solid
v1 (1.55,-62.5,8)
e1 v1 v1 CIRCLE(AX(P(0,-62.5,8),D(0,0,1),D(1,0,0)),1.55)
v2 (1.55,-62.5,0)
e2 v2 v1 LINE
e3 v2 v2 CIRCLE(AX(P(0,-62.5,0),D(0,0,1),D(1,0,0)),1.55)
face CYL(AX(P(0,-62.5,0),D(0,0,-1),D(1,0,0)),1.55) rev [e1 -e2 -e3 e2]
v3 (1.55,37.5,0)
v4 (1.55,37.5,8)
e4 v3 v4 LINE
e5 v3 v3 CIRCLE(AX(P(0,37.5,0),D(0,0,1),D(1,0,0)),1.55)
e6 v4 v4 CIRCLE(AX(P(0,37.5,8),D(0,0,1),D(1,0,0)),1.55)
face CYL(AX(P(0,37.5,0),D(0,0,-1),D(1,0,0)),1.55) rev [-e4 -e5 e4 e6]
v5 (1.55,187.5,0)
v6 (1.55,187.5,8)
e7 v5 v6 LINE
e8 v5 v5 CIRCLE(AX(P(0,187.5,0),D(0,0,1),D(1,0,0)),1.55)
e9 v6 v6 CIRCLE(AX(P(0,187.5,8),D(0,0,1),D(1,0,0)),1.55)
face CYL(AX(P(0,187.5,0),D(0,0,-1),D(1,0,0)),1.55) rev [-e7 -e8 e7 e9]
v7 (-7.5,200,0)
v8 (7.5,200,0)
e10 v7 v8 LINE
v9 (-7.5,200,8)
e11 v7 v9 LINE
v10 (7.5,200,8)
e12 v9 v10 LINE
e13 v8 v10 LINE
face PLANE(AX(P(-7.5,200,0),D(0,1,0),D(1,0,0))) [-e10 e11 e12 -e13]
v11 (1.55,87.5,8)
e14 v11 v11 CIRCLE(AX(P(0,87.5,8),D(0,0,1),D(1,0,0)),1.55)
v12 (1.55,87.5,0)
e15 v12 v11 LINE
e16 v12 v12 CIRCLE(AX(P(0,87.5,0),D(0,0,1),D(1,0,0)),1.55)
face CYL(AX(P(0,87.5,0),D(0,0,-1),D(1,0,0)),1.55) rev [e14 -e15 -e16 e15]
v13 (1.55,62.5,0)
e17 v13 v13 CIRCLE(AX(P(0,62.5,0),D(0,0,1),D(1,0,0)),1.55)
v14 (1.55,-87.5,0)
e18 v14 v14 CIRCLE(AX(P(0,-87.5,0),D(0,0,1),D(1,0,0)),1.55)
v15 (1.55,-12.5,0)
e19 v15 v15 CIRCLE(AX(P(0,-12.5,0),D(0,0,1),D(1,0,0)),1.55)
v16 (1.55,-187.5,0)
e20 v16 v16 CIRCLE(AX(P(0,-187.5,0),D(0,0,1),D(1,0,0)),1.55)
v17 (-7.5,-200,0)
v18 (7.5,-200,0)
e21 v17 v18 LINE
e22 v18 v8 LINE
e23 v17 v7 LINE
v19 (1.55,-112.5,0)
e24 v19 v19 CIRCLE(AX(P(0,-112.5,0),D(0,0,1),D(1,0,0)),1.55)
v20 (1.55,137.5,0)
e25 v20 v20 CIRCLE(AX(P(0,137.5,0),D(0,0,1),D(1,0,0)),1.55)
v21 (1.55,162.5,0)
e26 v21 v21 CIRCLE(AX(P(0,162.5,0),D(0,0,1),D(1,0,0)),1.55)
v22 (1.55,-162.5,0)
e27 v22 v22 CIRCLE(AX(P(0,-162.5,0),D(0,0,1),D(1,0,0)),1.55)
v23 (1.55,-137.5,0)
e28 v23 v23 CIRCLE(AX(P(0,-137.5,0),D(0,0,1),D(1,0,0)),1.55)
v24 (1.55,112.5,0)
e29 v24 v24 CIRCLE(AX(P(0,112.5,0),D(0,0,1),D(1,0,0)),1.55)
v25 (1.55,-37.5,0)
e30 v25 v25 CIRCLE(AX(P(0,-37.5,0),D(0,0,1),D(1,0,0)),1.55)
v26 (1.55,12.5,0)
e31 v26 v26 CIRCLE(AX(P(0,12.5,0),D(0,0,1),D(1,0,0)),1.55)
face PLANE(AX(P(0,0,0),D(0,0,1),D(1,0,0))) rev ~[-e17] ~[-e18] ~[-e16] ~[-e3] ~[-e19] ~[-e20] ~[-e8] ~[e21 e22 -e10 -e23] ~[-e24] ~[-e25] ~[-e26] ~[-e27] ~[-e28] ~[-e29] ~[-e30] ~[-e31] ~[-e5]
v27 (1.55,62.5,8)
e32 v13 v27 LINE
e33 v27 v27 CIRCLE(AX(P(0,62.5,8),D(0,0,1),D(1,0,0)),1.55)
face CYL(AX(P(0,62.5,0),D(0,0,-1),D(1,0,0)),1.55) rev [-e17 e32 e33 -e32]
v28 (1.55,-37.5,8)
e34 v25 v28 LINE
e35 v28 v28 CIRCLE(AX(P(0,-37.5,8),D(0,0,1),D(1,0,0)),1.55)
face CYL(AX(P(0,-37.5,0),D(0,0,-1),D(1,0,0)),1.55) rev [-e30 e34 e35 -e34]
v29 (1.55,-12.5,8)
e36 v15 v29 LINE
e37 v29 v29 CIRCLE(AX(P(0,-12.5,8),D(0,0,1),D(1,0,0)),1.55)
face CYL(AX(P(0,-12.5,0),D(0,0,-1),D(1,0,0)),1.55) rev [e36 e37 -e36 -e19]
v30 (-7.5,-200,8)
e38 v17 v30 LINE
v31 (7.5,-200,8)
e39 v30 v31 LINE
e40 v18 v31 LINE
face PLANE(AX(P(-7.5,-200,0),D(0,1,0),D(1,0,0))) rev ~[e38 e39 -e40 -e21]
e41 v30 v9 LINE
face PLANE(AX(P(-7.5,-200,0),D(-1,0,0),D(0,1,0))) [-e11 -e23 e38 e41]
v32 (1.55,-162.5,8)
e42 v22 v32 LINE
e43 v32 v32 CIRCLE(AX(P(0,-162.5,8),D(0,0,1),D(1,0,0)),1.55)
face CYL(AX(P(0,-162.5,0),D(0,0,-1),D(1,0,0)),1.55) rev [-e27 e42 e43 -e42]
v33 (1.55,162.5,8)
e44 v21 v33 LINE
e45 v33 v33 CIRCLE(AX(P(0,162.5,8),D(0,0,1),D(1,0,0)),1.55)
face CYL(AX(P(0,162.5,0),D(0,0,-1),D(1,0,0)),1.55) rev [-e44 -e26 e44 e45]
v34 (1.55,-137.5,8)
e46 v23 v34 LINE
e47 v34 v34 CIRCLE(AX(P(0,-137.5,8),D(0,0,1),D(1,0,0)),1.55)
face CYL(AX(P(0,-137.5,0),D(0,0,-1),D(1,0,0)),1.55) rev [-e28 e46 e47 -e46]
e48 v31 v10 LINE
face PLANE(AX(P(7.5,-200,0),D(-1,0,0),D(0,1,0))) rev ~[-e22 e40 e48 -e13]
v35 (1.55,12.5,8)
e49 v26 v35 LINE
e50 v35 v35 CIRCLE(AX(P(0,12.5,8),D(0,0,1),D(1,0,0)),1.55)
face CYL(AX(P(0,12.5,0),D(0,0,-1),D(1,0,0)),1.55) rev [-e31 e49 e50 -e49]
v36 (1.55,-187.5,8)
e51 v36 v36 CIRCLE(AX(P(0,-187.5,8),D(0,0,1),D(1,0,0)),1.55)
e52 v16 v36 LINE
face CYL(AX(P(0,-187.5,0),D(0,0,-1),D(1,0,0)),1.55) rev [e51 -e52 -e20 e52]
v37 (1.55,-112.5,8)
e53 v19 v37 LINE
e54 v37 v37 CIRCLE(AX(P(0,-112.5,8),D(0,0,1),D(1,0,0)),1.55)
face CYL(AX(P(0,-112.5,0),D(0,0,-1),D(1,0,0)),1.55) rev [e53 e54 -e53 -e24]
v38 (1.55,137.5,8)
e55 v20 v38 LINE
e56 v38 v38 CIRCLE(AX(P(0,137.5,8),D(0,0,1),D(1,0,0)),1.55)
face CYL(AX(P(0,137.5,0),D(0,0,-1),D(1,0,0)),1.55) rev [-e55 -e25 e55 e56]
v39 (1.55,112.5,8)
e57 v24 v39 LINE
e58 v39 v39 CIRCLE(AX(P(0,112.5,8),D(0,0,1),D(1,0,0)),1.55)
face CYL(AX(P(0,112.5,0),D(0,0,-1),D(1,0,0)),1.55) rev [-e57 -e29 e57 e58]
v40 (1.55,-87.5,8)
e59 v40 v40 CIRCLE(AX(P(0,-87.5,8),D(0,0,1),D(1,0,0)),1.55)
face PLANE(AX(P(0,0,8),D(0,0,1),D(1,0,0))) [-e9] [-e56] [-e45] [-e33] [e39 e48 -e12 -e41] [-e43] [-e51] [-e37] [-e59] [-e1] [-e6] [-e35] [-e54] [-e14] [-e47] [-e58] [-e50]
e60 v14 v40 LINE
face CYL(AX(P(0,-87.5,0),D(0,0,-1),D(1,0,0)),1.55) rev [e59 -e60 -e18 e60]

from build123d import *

# Parameters (mm, degrees)
F0_W     = 15
F0_H     = 400
F0_R     = 1.55
F1_DEPTH = 8


with BuildPart() as f1:
    # F0 (on Top) → F1 (new body)
    with BuildSketch(Plane.XY):
        Rectangle(F0_W, F0_H)
        with Locations((0, -187.5)):
            Circle(F0_R, mode=Mode.SUBTRACT)
        with Locations((0, -162.5)):
            Circle(F0_R, mode=Mode.SUBTRACT)
        with Locations((0, -137.5)):
            Circle(F0_R, mode=Mode.SUBTRACT)
        with Locations((0, -112.5)):
            Circle(F0_R, mode=Mode.SUBTRACT)
        with Locations((0, -87.5)):
            Circle(F0_R, mode=Mode.SUBTRACT)
        with Locations((0, -62.5)):
            Circle(F0_R, mode=Mode.SUBTRACT)
        with Locations((0, -37.5)):
            Circle(F0_R, mode=Mode.SUBTRACT)
        with Locations((0, -12.5)):
            Circle(F0_R, mode=Mode.SUBTRACT)
        with Locations((0, 12.5)):
            Circle(F0_R, mode=Mode.SUBTRACT)
        with Locations((0, 37.5)):
            Circle(F0_R, mode=Mode.SUBTRACT)
        with Locations((0, 62.5)):
            Circle(F0_R, mode=Mode.SUBTRACT)
        with Locations((0, 87.5)):
            Circle(F0_R, mode=Mode.SUBTRACT)
        with Locations((0, 112.5)):
            Circle(F0_R, mode=Mode.SUBTRACT)
        with Locations((0, 137.5)):
            Circle(F0_R, mode=Mode.SUBTRACT)
        with Locations((0, 162.5)):
            Circle(F0_R, mode=Mode.SUBTRACT)
        with Locations((0, 187.5)):
            Circle(F0_R, mode=Mode.SUBTRACT)
    extrude(amount=F1_DEPTH)


solid = f1.part
